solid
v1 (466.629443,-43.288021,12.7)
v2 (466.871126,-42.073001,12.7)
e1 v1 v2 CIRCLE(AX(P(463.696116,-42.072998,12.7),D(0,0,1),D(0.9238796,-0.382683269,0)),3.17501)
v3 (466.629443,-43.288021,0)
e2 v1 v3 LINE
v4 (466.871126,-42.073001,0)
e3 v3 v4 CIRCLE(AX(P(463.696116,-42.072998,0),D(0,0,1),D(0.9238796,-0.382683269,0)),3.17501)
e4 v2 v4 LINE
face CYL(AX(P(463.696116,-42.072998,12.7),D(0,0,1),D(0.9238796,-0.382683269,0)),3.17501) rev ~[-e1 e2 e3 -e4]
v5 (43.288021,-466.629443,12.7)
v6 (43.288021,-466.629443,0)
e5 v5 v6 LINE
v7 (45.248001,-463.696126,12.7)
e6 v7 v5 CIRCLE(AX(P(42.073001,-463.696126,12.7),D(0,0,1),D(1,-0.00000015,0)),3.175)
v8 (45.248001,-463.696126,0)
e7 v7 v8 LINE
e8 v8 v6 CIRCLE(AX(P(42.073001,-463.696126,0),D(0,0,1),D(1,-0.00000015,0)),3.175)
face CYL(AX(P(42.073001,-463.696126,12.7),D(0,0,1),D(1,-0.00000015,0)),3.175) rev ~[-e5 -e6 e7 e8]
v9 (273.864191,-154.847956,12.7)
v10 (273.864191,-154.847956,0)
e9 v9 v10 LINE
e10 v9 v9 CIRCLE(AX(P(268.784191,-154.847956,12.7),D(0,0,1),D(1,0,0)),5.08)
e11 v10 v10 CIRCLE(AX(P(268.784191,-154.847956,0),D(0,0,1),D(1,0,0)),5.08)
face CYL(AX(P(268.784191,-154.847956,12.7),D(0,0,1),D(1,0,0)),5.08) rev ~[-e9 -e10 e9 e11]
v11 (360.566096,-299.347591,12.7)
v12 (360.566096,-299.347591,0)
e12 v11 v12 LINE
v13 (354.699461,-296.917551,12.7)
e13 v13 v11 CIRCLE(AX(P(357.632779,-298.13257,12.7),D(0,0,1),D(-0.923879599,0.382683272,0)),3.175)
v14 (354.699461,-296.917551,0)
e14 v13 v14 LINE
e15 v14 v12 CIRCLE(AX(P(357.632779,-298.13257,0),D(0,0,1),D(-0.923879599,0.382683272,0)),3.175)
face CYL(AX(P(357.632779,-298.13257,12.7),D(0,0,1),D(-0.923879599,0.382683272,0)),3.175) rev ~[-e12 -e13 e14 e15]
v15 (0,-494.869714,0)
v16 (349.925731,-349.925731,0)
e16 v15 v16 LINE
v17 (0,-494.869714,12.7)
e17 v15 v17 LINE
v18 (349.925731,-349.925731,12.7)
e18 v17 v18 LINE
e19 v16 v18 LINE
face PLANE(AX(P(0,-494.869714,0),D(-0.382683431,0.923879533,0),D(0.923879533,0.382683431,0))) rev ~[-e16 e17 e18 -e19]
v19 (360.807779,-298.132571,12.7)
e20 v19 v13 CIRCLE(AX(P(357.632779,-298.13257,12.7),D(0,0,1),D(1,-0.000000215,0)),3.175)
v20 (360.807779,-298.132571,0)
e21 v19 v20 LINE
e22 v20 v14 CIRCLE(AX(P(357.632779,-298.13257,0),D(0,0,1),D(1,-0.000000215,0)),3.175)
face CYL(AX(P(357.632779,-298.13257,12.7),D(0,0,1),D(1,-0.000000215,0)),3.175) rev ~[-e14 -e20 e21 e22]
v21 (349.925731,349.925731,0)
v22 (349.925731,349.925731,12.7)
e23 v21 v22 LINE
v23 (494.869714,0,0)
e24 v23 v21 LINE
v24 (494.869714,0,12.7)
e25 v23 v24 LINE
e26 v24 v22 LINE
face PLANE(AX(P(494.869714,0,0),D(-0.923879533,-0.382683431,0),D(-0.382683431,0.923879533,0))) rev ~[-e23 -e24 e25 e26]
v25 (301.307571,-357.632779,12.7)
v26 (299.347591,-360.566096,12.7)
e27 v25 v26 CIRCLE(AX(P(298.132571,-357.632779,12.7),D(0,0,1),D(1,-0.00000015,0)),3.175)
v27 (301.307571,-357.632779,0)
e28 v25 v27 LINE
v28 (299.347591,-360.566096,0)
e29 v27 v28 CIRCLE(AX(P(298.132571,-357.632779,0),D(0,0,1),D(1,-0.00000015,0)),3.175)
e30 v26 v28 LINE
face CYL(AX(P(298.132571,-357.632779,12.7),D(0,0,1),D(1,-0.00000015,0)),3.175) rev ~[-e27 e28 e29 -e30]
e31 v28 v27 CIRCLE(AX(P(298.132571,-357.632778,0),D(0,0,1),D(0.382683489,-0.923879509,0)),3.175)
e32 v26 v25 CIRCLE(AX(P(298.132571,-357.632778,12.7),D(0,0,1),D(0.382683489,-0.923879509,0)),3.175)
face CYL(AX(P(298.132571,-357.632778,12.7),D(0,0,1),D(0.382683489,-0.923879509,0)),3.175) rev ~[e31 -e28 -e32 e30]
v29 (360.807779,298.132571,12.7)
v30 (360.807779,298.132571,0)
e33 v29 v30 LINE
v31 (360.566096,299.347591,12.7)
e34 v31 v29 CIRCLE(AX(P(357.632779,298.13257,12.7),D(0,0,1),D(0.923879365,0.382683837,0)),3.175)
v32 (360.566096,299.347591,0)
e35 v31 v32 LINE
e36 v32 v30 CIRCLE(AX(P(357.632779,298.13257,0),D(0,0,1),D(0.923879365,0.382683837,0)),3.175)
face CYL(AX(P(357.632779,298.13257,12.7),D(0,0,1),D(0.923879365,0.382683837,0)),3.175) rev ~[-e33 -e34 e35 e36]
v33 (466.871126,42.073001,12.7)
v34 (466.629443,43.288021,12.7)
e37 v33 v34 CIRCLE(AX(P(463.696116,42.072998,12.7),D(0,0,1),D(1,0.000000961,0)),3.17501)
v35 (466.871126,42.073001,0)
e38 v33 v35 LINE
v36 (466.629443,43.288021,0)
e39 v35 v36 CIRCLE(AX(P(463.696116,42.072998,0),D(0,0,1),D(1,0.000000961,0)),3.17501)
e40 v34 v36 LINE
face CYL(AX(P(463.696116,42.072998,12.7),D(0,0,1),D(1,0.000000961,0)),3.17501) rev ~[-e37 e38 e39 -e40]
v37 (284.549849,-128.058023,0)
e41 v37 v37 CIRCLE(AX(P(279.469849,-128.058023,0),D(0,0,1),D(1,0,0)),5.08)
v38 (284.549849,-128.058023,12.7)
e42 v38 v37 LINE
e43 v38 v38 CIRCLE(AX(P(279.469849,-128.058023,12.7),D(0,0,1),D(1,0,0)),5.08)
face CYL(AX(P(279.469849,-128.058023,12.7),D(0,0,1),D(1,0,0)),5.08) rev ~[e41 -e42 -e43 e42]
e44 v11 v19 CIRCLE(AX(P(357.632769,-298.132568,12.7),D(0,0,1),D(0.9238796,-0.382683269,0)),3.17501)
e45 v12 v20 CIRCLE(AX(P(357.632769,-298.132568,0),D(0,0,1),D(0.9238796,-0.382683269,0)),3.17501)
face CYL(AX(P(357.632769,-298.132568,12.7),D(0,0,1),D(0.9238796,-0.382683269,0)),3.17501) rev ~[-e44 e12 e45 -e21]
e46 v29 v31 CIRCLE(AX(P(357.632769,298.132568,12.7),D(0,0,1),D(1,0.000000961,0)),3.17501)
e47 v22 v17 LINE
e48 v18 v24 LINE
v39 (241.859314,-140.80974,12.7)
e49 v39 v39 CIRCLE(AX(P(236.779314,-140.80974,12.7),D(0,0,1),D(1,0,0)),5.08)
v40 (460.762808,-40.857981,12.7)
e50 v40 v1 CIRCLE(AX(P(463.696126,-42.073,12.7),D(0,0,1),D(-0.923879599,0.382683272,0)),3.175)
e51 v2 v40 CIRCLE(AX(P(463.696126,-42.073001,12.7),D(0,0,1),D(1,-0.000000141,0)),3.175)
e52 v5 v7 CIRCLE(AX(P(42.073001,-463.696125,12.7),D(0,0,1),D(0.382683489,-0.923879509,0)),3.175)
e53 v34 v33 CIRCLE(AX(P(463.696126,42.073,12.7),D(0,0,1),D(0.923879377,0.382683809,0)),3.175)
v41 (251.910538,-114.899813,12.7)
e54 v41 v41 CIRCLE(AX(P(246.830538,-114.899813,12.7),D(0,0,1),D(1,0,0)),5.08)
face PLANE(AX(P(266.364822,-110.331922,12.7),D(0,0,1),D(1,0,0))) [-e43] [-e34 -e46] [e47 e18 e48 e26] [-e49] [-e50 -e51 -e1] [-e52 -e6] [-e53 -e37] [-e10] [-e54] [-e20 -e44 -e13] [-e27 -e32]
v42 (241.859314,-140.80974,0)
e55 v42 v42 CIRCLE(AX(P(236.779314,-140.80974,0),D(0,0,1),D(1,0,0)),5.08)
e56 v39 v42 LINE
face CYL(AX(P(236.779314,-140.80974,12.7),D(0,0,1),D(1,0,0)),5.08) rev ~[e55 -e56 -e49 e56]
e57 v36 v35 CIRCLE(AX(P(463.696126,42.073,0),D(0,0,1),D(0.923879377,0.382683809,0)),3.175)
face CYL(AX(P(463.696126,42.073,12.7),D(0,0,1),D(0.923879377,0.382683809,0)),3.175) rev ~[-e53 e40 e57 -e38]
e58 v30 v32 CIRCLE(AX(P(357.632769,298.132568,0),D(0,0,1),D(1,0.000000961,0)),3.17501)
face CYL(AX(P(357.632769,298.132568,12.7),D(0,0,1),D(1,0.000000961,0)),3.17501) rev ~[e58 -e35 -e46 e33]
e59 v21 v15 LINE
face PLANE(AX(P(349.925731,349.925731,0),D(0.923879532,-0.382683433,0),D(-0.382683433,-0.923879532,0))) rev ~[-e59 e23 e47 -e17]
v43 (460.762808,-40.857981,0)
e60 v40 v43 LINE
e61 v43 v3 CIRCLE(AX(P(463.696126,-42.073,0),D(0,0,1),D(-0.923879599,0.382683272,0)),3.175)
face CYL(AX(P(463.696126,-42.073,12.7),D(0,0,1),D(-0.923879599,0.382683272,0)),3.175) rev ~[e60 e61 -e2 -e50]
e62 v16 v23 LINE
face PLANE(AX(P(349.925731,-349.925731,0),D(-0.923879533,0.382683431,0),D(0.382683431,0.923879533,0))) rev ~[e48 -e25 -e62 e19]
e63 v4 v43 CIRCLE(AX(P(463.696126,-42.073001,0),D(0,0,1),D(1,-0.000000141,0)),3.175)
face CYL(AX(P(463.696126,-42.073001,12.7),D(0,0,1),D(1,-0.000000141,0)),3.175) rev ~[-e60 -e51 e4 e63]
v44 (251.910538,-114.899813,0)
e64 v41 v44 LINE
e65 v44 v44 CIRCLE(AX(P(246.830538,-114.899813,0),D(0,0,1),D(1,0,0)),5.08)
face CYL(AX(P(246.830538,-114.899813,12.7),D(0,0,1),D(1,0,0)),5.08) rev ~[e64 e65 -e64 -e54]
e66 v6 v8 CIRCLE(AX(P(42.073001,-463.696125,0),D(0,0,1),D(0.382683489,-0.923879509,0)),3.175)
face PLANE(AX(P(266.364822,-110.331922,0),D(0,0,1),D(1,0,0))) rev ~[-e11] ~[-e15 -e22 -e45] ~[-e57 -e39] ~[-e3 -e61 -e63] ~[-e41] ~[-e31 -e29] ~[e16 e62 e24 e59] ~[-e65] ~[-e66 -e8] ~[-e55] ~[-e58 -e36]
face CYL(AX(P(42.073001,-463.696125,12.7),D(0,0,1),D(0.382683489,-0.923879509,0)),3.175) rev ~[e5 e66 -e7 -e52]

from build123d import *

# Parameters (mm, degrees)
F1_DEPTH = 12.7
F3_DEPTH = 12.701
F4_R     = 5.08
F5_DEPTH = 25.4


with BuildPart() as f1:
    # F0 (on Top) → F1 (new body)
    with BuildSketch(Plane.XY):
        Polygon((349.925731, -349.925731), (494.869714, 0), (349.925731, 349.925731), (0, -494.869714), align=None)
    extrude(amount=F1_DEPTH)

    # F2 (on face) → F3 (cut, through all)
    with BuildSketch(Plane.XY.offset(12.7)):
        with BuildLine():
            ThreePointArc((43.288021, -466.629443), (44.712917, -465.460061), (45.248001, -463.696126))
            ThreePointArc((45.248001, -463.696126), (39.433085, -461.93219), (43.288021, -466.629443))
        make_face()
        with BuildLine():
            ThreePointArc((299.347591, -360.566096), (300.772487, -359.396714), (301.307571, -357.632779))
            ThreePointArc((301.307571, -357.632779), (295.492655, -355.868843), (299.347591, -360.566096))
        make_face()
        with BuildLine():
            ThreePointArc((360.566096, -299.347591), (360.746772, -298.751982), (360.807779, -298.132571))
            ThreePointArc((360.807779, -298.132571), (358.252191, -295.018577), (354.699461, -296.917551))
            Line((354.699461, -296.917551), (357.632779, -298.132571))
            Line((357.632779, -298.132571), (360.566096, -299.347591))
        make_face()
        with BuildLine():
            Line((357.632779, -298.132571), (354.699461, -296.917551))
            ThreePointArc((354.699461, -296.917551), (356.417759, -301.065888), (360.566096, -299.347591))
            Line((360.566096, -299.347591), (357.632779, -298.132571))
        make_face()
        with BuildLine():
            ThreePointArc((466.629443, -43.288021), (466.810119, -42.692412), (466.871126, -42.073001))
            ThreePointArc((466.871126, -42.073001), (464.315537, -38.959007), (460.762808, -40.857981))
            Line((460.762808, -40.857981), (463.696126, -42.073001))
            Line((463.696126, -42.073001), (466.629443, -43.288021))
        make_face()
        with BuildLine():
            Line((463.696126, -42.073001), (460.762808, -40.857981))
            ThreePointArc((460.762808, -40.857981), (462.481106, -45.006318), (466.629443, -43.288021))
            Line((466.629443, -43.288021), (463.696126, -42.073001))
        make_face()
        with BuildLine():
            ThreePointArc((466.629443, 43.288021), (460.582132, 41.453589), (466.871126, 42.073001))
            ThreePointArc((466.871126, 42.073001), (466.810119, 42.692412), (466.629443, 43.288021))
        make_face()
        with BuildLine():
            ThreePointArc((360.566096, 299.347591), (354.518786, 297.513159), (360.807779, 298.132571))
            ThreePointArc((360.807779, 298.132571), (360.746772, 298.751982), (360.566096, 299.347591))
        make_face()
    extrude(amount=-F3_DEPTH, mode=Mode.SUBTRACT)

    # F4 (on face) → F5 (cut)
    with BuildSketch(Plane.XY.offset(12.7)):
        with Locations((246.830538, -114.899813)):
            Circle(F4_R)
        with Locations((279.469849, -128.058023)):
            Circle(F4_R)
        with Locations((268.784191, -154.847956)):
            Circle(F4_R)
        with Locations((236.779314, -140.80974)):
            Circle(F4_R)
    extrude(amount=-F5_DEPTH, mode=Mode.SUBTRACT)


solid = f1.part
